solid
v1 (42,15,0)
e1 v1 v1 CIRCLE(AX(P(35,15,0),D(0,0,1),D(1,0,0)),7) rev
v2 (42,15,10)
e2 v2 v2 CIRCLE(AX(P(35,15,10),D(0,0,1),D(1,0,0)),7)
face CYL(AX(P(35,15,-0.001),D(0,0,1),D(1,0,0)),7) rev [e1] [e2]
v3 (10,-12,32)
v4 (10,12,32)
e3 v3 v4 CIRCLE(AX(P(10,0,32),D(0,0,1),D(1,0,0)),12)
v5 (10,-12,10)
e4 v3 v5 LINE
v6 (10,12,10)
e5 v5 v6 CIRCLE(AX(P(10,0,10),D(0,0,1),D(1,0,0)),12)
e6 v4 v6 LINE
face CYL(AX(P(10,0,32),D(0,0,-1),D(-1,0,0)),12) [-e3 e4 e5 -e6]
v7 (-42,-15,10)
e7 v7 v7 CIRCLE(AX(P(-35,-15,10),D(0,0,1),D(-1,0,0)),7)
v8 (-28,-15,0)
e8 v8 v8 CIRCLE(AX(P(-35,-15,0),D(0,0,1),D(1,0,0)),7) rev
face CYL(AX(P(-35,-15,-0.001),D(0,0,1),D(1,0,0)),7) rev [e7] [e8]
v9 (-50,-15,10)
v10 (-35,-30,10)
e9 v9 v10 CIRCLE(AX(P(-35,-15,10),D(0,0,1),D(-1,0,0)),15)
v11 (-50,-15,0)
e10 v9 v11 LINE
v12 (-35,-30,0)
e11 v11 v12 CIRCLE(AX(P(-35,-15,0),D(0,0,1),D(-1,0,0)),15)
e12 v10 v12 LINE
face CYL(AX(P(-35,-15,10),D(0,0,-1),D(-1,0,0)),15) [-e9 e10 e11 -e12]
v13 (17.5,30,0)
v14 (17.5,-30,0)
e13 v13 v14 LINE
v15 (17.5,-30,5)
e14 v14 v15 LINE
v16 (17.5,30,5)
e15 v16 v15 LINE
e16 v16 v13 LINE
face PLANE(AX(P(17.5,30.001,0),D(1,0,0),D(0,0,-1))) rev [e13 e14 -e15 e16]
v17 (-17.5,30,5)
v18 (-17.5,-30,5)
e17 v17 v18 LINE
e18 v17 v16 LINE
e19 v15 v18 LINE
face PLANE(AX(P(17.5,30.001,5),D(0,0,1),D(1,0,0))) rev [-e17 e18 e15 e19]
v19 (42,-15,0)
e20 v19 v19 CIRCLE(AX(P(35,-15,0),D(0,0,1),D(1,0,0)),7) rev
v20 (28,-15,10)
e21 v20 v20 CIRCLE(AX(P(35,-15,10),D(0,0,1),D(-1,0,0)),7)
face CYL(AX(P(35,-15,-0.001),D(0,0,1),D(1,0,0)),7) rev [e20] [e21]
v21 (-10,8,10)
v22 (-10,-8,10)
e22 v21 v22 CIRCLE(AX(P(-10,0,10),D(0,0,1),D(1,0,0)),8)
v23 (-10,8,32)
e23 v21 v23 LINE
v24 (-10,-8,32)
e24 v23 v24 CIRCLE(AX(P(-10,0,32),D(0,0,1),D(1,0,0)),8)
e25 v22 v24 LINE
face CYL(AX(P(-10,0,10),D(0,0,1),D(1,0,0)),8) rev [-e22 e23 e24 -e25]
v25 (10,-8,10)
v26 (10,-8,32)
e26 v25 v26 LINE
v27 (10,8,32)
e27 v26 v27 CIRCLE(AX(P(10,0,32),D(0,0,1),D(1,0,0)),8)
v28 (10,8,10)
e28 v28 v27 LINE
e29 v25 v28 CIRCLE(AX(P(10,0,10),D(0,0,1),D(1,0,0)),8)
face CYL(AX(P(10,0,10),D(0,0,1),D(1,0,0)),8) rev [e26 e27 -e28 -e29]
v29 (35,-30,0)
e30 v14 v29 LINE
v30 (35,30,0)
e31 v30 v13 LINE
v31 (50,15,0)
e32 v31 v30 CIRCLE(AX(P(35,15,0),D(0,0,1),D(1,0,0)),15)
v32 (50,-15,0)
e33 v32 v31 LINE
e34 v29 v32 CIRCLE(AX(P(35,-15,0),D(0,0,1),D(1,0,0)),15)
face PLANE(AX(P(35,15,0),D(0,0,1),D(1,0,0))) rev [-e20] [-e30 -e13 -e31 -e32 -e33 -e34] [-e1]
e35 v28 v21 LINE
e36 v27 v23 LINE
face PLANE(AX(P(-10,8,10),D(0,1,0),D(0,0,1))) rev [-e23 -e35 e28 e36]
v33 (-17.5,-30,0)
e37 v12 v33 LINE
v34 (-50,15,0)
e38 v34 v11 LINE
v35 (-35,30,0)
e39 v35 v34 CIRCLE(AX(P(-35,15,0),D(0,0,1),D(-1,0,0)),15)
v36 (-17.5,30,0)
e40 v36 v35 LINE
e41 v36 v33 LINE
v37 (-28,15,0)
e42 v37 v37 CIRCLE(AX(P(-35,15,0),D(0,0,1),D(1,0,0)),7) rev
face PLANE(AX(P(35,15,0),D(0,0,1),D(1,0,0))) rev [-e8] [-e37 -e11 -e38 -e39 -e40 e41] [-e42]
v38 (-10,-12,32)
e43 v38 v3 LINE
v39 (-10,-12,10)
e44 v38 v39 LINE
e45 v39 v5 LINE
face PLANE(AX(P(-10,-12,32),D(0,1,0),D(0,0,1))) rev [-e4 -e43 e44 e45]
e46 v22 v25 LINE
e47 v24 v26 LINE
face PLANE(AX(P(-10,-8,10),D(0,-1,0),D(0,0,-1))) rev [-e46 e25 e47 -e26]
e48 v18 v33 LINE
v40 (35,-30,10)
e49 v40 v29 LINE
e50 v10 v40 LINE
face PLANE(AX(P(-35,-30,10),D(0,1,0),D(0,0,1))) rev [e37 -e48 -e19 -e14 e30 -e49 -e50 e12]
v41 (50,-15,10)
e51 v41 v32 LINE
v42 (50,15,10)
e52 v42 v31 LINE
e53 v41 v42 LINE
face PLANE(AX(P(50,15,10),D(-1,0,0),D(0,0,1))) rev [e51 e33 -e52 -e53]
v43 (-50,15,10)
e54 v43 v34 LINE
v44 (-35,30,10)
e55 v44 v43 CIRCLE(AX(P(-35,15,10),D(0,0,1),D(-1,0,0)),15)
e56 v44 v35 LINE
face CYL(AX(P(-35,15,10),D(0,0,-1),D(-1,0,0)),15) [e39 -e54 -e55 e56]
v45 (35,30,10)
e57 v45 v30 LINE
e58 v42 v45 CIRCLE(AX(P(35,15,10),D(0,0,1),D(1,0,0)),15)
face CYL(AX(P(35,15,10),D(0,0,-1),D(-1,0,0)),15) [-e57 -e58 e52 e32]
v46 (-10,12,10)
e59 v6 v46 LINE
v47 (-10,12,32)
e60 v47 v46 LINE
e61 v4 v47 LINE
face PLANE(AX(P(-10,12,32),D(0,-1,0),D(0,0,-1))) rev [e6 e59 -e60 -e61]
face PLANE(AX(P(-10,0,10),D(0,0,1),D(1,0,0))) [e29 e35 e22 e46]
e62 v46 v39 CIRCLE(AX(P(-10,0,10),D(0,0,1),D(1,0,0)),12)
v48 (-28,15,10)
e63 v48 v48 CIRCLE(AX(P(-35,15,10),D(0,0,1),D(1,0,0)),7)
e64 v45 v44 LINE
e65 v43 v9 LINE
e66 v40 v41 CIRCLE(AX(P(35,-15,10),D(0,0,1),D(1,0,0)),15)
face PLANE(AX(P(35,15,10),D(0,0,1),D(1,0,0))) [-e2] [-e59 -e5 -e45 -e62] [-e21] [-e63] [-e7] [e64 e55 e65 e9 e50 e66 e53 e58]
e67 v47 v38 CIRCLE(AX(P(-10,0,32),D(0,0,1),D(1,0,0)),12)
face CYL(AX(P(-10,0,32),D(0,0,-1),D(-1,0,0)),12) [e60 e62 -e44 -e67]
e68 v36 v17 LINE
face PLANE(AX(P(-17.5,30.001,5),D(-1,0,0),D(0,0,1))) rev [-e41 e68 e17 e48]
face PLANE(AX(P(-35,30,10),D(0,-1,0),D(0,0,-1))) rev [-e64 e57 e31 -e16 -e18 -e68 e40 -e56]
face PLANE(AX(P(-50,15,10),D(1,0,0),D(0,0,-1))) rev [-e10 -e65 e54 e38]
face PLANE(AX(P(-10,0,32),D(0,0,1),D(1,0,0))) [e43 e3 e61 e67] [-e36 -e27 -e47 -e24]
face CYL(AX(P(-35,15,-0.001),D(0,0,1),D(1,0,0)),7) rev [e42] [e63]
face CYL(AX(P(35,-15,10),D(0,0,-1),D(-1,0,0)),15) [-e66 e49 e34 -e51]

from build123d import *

# Parameters (mm, degrees)
BOSS_EXTRUDE1_DEPTH = 10
CUT_EXTRUDE1_REACH  = 80.74
SKETCH2_W           = 35
SKETCH2_H           = 5
CUT_EXTRUDE2_REACH  = 61.161
SKETCH3_R           = 7
BOSS_EXTRUDE2_DEPTH = 22
CUT_EXTRUDE3_DEPTH  = 22


with BuildPart() as part:
    # Sketch1 → Boss-Extrude1 (new body)
    with BuildSketch(Plane.XY):
        with BuildLine():
            Line((-35, 30), (35, 30))
            ThreePointArc((35, 30), (45.606601718, 25.606601718), (50, 15))
            Line((50, 15), (50, -15))
            ThreePointArc((50, -15), (45.606601718, -25.606601718), (35, -30))
            Line((35, -30), (-35, -30))
            ThreePointArc((-35, -30), (-45.606601718, -25.606601718), (-50, -15))
            Line((-50, -15), (-50, 15))
            ThreePointArc((-50, 15), (-45.606601718, 25.606601718), (-35, 30))
        make_face()
    extrude(amount=BOSS_EXTRUDE1_DEPTH)

    # Sketch2 → Cut-Extrude1 (cut, up to next)
    with BuildSketch(Plane.XZ.offset(30), mode=Mode.PRIVATE) as cut_extrude1_sk1:
        with Locations((0, 2.5)):
            Rectangle(SKETCH2_W, SKETCH2_H)
    cut_extrude1_tool1 = extrude(cut_extrude1_sk1.sketch, amount=-CUT_EXTRUDE1_REACH, mode=Mode.PRIVATE) & part.part
    add(cut_extrude1_tool1.solids().sort_by_distance((0, -30, 2.5))[0], mode=Mode.SUBTRACT)

    # Sketch3 → Cut-Extrude2 (cut, up to next)
    with BuildSketch(Plane.XY.offset(10), mode=Mode.PRIVATE) as cut_extrude2_sk1:
        with Locations((-35, 15)):
            Circle(SKETCH3_R)
    cut_extrude2_tool1 = extrude(cut_extrude2_sk1.sketch, amount=-CUT_EXTRUDE2_REACH, mode=Mode.PRIVATE) & part.part
    # Sketch3 → Cut-Extrude2 (cut, up to next)
    with BuildSketch(Plane.XY.offset(10), mode=Mode.PRIVATE) as cut_extrude2_sk2:
        with Locations((35, 15)):
            Circle(SKETCH3_R)
    cut_extrude2_tool2 = extrude(cut_extrude2_sk2.sketch, amount=-CUT_EXTRUDE2_REACH, mode=Mode.PRIVATE) & part.part
    # Sketch3 → Cut-Extrude2 (cut, up to next)
    with BuildSketch(Plane.XY.offset(10), mode=Mode.PRIVATE) as cut_extrude2_sk3:
        with Locations((35, -15)):
            Circle(SKETCH3_R)
    cut_extrude2_tool3 = extrude(cut_extrude2_sk3.sketch, amount=-CUT_EXTRUDE2_REACH, mode=Mode.PRIVATE) & part.part
    # Sketch3 → Cut-Extrude2 (cut, up to next)
    with BuildSketch(Plane.XY.offset(10), mode=Mode.PRIVATE) as cut_extrude2_sk4:
        with Locations((-35, -15)):
            Circle(SKETCH3_R)
    cut_extrude2_tool4 = extrude(cut_extrude2_sk4.sketch, amount=-CUT_EXTRUDE2_REACH, mode=Mode.PRIVATE) & part.part
    add(cut_extrude2_tool1.solids().sort_by_distance((-35, 15, 10))[0], mode=Mode.SUBTRACT)
    add(cut_extrude2_tool2.solids().sort_by_distance((35, 15, 10))[0], mode=Mode.SUBTRACT)
    add(cut_extrude2_tool3.solids().sort_by_distance((35, -15, 10))[0], mode=Mode.SUBTRACT)
    add(cut_extrude2_tool4.solids().sort_by_distance((-35, -15, 10))[0], mode=Mode.SUBTRACT)

    # Sketch4 → Boss-Extrude2 (add)
    with BuildSketch(Plane.XY.offset(10)):
        with BuildLine():
            Line((-10, 12), (10, 12))
            ThreePointArc((10, 12), (22, 0), (10, -12))
            Line((10, -12), (-10, -12))
            ThreePointArc((-10, -12), (-22, 0), (-10, 12))
        make_face()
    extrude(amount=BOSS_EXTRUDE2_DEPTH)

    # Sketch5 → Cut-Extrude3 (cut)
    with BuildSketch(Plane.XY.offset(32)):
        with BuildLine():
            Line((-10, 8), (10, 8))
            ThreePointArc((10, 8), (18, 0), (10, -8))
            Line((10, -8), (-10, -8))
            ThreePointArc((-10, -8), (-18, 0), (-10, 8))
        make_face()
    extrude(amount=-CUT_EXTRUDE3_DEPTH, mode=Mode.SUBTRACT)


solid = part.part
